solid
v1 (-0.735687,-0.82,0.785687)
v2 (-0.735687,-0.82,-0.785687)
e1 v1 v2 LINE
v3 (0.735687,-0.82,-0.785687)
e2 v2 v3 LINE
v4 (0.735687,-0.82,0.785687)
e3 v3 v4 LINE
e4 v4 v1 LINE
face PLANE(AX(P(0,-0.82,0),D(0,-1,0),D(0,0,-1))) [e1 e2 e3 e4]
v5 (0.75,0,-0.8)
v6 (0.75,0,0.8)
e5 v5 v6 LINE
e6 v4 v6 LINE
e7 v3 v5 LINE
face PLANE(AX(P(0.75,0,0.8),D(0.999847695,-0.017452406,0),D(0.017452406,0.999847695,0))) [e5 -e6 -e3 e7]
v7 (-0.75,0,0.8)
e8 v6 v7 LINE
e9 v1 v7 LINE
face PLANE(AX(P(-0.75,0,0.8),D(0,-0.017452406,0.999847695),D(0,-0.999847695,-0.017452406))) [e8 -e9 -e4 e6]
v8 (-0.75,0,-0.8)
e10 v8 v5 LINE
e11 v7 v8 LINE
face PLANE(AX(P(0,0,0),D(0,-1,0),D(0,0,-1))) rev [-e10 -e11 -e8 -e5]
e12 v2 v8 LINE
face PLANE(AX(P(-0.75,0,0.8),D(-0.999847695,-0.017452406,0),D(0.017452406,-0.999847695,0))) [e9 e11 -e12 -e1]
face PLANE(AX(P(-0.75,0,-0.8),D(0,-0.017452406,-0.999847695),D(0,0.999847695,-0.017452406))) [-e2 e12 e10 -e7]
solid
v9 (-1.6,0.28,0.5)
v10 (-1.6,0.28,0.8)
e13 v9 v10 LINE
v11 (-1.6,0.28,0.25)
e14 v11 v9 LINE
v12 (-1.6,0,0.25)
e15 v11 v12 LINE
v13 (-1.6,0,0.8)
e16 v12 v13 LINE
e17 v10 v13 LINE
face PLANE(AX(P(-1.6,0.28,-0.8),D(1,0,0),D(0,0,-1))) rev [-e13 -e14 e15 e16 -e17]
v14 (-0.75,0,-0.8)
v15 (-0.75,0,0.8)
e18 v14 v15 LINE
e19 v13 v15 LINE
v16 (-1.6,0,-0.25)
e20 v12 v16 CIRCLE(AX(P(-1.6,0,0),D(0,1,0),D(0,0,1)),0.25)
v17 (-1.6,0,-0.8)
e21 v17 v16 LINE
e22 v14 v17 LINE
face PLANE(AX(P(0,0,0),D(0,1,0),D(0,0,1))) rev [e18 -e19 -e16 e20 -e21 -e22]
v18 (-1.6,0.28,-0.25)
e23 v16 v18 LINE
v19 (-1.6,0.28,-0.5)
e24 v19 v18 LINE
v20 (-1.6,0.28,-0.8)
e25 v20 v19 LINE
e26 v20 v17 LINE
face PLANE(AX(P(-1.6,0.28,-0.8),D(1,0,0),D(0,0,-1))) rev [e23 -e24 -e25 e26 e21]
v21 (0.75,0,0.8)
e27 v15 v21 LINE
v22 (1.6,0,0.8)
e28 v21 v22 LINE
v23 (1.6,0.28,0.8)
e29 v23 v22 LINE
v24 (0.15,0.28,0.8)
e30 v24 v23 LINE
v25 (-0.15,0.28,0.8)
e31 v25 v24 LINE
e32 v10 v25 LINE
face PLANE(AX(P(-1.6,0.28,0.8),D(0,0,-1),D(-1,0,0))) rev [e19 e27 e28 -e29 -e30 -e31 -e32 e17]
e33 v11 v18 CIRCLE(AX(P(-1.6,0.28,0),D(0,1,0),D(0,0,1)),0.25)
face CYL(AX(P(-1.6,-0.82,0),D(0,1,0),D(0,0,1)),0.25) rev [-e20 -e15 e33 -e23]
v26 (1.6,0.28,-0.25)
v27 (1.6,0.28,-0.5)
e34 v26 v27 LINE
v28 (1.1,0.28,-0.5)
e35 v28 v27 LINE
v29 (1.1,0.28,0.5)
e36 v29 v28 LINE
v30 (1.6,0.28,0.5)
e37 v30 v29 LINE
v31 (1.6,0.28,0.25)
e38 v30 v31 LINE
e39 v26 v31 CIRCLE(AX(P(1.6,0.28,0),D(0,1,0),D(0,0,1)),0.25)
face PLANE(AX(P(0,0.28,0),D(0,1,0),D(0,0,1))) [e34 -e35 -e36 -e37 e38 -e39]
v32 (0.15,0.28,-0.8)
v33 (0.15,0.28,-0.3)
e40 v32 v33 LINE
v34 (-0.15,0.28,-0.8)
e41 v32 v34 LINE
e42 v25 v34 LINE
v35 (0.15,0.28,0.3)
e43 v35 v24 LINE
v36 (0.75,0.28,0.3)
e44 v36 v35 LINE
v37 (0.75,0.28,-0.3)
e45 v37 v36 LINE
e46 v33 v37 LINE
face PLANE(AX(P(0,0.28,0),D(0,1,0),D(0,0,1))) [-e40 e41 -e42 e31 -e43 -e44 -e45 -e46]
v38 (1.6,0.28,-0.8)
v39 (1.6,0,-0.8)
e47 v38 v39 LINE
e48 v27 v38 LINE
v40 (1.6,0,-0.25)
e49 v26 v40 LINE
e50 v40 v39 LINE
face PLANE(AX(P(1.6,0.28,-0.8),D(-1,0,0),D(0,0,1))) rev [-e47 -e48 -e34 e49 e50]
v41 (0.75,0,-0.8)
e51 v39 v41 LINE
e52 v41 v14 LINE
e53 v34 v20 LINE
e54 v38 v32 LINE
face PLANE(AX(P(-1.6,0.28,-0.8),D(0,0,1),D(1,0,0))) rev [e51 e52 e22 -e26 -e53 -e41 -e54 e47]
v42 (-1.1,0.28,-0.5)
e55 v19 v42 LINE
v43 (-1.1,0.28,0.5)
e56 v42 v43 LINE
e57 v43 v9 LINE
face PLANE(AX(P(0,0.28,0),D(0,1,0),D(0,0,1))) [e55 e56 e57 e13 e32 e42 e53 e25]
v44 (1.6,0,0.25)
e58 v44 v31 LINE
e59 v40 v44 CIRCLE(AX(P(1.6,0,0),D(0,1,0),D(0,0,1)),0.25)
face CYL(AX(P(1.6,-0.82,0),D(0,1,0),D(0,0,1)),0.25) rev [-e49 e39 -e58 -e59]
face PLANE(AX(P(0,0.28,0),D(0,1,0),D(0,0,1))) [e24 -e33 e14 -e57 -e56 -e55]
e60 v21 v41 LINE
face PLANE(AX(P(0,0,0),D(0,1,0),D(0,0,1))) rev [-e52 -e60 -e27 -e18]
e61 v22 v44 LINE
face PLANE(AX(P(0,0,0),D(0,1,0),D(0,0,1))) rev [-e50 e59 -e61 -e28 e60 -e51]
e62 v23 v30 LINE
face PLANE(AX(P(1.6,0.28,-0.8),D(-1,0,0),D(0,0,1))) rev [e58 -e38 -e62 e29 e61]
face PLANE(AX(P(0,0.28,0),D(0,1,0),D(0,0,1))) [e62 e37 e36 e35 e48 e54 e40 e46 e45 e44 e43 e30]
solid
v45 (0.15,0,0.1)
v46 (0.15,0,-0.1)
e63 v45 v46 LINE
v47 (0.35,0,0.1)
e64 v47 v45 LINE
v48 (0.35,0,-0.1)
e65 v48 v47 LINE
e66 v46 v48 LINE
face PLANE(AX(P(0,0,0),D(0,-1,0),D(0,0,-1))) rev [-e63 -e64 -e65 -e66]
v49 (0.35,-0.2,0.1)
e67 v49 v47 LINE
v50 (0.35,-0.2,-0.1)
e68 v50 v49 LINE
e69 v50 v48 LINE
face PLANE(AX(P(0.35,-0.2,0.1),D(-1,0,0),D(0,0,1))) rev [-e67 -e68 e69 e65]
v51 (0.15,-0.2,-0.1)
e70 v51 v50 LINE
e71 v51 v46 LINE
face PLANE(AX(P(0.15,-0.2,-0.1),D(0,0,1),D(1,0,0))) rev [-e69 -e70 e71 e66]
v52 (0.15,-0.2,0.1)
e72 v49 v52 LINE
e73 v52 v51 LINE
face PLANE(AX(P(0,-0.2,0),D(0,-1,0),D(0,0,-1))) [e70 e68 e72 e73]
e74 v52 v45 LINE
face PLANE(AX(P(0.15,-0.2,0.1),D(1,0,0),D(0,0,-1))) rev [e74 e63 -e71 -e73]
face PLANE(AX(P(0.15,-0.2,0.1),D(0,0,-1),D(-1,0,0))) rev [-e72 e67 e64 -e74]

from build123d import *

# Parameters (mm, degrees)
SKETCH1_W           = 3.2
SKETCH1_H           = 1.6
BOSS_EXTRUDE1_DEPTH = 0.28
SKETCH2_W           = 1.5
SKETCH2_H           = 1.6
BOSS_EXTRUDE2_DEPTH = 0.82
BOSS_EXTRUDE2_TAPER = 1
SKETCH3_W           = 0.2
SKETCH3_H           = 0.2
BOSS_EXTRUDE3_DEPTH = 0.2
SKETCH6_R           = 0.25
CUT_EXTRUDE1_DEPTH  = 3.10000009


with BuildPart() as part:
    # Sketch1 → Boss-Extrude1 (new body)
    with BuildSketch(Plane(origin=(0, 0, 0), x_dir=(1, 0, 0), z_dir=(0, 1, 0))):
        Rectangle(SKETCH1_W, SKETCH1_H)
    extrude(amount=BOSS_EXTRUDE1_DEPTH)

    # Sketch6 → Cut-Extrude1 (cut, through all)
    with BuildSketch(Plane(origin=(0, 0.28, 0), x_dir=(1, 0, 0), z_dir=(0, 1, 0))):
        with Locations((-1.6, 0)):
            Circle(SKETCH6_R)
        with Locations((1.6, 0)):
            Circle(SKETCH6_R)
    extrude(amount=-CUT_EXTRUDE1_DEPTH, mode=Mode.SUBTRACT)


with BuildPart() as body_2:
    # Sketch2 → Boss-Extrude2 (new body)
    with BuildSketch(Plane.XZ):
        Rectangle(SKETCH2_W, SKETCH2_H)
    extrude(amount=BOSS_EXTRUDE2_DEPTH, taper=BOSS_EXTRUDE2_TAPER)


with BuildPart() as body_3:
    # Sketch3 → Boss-Extrude3 (new body)
    with BuildSketch(Plane.XZ):
        with Locations((0.25, 0)):
            Rectangle(SKETCH3_W, SKETCH3_H)
    extrude(amount=BOSS_EXTRUDE3_DEPTH)


solid = Compound([part.part, body_2.part, body_3.part])
